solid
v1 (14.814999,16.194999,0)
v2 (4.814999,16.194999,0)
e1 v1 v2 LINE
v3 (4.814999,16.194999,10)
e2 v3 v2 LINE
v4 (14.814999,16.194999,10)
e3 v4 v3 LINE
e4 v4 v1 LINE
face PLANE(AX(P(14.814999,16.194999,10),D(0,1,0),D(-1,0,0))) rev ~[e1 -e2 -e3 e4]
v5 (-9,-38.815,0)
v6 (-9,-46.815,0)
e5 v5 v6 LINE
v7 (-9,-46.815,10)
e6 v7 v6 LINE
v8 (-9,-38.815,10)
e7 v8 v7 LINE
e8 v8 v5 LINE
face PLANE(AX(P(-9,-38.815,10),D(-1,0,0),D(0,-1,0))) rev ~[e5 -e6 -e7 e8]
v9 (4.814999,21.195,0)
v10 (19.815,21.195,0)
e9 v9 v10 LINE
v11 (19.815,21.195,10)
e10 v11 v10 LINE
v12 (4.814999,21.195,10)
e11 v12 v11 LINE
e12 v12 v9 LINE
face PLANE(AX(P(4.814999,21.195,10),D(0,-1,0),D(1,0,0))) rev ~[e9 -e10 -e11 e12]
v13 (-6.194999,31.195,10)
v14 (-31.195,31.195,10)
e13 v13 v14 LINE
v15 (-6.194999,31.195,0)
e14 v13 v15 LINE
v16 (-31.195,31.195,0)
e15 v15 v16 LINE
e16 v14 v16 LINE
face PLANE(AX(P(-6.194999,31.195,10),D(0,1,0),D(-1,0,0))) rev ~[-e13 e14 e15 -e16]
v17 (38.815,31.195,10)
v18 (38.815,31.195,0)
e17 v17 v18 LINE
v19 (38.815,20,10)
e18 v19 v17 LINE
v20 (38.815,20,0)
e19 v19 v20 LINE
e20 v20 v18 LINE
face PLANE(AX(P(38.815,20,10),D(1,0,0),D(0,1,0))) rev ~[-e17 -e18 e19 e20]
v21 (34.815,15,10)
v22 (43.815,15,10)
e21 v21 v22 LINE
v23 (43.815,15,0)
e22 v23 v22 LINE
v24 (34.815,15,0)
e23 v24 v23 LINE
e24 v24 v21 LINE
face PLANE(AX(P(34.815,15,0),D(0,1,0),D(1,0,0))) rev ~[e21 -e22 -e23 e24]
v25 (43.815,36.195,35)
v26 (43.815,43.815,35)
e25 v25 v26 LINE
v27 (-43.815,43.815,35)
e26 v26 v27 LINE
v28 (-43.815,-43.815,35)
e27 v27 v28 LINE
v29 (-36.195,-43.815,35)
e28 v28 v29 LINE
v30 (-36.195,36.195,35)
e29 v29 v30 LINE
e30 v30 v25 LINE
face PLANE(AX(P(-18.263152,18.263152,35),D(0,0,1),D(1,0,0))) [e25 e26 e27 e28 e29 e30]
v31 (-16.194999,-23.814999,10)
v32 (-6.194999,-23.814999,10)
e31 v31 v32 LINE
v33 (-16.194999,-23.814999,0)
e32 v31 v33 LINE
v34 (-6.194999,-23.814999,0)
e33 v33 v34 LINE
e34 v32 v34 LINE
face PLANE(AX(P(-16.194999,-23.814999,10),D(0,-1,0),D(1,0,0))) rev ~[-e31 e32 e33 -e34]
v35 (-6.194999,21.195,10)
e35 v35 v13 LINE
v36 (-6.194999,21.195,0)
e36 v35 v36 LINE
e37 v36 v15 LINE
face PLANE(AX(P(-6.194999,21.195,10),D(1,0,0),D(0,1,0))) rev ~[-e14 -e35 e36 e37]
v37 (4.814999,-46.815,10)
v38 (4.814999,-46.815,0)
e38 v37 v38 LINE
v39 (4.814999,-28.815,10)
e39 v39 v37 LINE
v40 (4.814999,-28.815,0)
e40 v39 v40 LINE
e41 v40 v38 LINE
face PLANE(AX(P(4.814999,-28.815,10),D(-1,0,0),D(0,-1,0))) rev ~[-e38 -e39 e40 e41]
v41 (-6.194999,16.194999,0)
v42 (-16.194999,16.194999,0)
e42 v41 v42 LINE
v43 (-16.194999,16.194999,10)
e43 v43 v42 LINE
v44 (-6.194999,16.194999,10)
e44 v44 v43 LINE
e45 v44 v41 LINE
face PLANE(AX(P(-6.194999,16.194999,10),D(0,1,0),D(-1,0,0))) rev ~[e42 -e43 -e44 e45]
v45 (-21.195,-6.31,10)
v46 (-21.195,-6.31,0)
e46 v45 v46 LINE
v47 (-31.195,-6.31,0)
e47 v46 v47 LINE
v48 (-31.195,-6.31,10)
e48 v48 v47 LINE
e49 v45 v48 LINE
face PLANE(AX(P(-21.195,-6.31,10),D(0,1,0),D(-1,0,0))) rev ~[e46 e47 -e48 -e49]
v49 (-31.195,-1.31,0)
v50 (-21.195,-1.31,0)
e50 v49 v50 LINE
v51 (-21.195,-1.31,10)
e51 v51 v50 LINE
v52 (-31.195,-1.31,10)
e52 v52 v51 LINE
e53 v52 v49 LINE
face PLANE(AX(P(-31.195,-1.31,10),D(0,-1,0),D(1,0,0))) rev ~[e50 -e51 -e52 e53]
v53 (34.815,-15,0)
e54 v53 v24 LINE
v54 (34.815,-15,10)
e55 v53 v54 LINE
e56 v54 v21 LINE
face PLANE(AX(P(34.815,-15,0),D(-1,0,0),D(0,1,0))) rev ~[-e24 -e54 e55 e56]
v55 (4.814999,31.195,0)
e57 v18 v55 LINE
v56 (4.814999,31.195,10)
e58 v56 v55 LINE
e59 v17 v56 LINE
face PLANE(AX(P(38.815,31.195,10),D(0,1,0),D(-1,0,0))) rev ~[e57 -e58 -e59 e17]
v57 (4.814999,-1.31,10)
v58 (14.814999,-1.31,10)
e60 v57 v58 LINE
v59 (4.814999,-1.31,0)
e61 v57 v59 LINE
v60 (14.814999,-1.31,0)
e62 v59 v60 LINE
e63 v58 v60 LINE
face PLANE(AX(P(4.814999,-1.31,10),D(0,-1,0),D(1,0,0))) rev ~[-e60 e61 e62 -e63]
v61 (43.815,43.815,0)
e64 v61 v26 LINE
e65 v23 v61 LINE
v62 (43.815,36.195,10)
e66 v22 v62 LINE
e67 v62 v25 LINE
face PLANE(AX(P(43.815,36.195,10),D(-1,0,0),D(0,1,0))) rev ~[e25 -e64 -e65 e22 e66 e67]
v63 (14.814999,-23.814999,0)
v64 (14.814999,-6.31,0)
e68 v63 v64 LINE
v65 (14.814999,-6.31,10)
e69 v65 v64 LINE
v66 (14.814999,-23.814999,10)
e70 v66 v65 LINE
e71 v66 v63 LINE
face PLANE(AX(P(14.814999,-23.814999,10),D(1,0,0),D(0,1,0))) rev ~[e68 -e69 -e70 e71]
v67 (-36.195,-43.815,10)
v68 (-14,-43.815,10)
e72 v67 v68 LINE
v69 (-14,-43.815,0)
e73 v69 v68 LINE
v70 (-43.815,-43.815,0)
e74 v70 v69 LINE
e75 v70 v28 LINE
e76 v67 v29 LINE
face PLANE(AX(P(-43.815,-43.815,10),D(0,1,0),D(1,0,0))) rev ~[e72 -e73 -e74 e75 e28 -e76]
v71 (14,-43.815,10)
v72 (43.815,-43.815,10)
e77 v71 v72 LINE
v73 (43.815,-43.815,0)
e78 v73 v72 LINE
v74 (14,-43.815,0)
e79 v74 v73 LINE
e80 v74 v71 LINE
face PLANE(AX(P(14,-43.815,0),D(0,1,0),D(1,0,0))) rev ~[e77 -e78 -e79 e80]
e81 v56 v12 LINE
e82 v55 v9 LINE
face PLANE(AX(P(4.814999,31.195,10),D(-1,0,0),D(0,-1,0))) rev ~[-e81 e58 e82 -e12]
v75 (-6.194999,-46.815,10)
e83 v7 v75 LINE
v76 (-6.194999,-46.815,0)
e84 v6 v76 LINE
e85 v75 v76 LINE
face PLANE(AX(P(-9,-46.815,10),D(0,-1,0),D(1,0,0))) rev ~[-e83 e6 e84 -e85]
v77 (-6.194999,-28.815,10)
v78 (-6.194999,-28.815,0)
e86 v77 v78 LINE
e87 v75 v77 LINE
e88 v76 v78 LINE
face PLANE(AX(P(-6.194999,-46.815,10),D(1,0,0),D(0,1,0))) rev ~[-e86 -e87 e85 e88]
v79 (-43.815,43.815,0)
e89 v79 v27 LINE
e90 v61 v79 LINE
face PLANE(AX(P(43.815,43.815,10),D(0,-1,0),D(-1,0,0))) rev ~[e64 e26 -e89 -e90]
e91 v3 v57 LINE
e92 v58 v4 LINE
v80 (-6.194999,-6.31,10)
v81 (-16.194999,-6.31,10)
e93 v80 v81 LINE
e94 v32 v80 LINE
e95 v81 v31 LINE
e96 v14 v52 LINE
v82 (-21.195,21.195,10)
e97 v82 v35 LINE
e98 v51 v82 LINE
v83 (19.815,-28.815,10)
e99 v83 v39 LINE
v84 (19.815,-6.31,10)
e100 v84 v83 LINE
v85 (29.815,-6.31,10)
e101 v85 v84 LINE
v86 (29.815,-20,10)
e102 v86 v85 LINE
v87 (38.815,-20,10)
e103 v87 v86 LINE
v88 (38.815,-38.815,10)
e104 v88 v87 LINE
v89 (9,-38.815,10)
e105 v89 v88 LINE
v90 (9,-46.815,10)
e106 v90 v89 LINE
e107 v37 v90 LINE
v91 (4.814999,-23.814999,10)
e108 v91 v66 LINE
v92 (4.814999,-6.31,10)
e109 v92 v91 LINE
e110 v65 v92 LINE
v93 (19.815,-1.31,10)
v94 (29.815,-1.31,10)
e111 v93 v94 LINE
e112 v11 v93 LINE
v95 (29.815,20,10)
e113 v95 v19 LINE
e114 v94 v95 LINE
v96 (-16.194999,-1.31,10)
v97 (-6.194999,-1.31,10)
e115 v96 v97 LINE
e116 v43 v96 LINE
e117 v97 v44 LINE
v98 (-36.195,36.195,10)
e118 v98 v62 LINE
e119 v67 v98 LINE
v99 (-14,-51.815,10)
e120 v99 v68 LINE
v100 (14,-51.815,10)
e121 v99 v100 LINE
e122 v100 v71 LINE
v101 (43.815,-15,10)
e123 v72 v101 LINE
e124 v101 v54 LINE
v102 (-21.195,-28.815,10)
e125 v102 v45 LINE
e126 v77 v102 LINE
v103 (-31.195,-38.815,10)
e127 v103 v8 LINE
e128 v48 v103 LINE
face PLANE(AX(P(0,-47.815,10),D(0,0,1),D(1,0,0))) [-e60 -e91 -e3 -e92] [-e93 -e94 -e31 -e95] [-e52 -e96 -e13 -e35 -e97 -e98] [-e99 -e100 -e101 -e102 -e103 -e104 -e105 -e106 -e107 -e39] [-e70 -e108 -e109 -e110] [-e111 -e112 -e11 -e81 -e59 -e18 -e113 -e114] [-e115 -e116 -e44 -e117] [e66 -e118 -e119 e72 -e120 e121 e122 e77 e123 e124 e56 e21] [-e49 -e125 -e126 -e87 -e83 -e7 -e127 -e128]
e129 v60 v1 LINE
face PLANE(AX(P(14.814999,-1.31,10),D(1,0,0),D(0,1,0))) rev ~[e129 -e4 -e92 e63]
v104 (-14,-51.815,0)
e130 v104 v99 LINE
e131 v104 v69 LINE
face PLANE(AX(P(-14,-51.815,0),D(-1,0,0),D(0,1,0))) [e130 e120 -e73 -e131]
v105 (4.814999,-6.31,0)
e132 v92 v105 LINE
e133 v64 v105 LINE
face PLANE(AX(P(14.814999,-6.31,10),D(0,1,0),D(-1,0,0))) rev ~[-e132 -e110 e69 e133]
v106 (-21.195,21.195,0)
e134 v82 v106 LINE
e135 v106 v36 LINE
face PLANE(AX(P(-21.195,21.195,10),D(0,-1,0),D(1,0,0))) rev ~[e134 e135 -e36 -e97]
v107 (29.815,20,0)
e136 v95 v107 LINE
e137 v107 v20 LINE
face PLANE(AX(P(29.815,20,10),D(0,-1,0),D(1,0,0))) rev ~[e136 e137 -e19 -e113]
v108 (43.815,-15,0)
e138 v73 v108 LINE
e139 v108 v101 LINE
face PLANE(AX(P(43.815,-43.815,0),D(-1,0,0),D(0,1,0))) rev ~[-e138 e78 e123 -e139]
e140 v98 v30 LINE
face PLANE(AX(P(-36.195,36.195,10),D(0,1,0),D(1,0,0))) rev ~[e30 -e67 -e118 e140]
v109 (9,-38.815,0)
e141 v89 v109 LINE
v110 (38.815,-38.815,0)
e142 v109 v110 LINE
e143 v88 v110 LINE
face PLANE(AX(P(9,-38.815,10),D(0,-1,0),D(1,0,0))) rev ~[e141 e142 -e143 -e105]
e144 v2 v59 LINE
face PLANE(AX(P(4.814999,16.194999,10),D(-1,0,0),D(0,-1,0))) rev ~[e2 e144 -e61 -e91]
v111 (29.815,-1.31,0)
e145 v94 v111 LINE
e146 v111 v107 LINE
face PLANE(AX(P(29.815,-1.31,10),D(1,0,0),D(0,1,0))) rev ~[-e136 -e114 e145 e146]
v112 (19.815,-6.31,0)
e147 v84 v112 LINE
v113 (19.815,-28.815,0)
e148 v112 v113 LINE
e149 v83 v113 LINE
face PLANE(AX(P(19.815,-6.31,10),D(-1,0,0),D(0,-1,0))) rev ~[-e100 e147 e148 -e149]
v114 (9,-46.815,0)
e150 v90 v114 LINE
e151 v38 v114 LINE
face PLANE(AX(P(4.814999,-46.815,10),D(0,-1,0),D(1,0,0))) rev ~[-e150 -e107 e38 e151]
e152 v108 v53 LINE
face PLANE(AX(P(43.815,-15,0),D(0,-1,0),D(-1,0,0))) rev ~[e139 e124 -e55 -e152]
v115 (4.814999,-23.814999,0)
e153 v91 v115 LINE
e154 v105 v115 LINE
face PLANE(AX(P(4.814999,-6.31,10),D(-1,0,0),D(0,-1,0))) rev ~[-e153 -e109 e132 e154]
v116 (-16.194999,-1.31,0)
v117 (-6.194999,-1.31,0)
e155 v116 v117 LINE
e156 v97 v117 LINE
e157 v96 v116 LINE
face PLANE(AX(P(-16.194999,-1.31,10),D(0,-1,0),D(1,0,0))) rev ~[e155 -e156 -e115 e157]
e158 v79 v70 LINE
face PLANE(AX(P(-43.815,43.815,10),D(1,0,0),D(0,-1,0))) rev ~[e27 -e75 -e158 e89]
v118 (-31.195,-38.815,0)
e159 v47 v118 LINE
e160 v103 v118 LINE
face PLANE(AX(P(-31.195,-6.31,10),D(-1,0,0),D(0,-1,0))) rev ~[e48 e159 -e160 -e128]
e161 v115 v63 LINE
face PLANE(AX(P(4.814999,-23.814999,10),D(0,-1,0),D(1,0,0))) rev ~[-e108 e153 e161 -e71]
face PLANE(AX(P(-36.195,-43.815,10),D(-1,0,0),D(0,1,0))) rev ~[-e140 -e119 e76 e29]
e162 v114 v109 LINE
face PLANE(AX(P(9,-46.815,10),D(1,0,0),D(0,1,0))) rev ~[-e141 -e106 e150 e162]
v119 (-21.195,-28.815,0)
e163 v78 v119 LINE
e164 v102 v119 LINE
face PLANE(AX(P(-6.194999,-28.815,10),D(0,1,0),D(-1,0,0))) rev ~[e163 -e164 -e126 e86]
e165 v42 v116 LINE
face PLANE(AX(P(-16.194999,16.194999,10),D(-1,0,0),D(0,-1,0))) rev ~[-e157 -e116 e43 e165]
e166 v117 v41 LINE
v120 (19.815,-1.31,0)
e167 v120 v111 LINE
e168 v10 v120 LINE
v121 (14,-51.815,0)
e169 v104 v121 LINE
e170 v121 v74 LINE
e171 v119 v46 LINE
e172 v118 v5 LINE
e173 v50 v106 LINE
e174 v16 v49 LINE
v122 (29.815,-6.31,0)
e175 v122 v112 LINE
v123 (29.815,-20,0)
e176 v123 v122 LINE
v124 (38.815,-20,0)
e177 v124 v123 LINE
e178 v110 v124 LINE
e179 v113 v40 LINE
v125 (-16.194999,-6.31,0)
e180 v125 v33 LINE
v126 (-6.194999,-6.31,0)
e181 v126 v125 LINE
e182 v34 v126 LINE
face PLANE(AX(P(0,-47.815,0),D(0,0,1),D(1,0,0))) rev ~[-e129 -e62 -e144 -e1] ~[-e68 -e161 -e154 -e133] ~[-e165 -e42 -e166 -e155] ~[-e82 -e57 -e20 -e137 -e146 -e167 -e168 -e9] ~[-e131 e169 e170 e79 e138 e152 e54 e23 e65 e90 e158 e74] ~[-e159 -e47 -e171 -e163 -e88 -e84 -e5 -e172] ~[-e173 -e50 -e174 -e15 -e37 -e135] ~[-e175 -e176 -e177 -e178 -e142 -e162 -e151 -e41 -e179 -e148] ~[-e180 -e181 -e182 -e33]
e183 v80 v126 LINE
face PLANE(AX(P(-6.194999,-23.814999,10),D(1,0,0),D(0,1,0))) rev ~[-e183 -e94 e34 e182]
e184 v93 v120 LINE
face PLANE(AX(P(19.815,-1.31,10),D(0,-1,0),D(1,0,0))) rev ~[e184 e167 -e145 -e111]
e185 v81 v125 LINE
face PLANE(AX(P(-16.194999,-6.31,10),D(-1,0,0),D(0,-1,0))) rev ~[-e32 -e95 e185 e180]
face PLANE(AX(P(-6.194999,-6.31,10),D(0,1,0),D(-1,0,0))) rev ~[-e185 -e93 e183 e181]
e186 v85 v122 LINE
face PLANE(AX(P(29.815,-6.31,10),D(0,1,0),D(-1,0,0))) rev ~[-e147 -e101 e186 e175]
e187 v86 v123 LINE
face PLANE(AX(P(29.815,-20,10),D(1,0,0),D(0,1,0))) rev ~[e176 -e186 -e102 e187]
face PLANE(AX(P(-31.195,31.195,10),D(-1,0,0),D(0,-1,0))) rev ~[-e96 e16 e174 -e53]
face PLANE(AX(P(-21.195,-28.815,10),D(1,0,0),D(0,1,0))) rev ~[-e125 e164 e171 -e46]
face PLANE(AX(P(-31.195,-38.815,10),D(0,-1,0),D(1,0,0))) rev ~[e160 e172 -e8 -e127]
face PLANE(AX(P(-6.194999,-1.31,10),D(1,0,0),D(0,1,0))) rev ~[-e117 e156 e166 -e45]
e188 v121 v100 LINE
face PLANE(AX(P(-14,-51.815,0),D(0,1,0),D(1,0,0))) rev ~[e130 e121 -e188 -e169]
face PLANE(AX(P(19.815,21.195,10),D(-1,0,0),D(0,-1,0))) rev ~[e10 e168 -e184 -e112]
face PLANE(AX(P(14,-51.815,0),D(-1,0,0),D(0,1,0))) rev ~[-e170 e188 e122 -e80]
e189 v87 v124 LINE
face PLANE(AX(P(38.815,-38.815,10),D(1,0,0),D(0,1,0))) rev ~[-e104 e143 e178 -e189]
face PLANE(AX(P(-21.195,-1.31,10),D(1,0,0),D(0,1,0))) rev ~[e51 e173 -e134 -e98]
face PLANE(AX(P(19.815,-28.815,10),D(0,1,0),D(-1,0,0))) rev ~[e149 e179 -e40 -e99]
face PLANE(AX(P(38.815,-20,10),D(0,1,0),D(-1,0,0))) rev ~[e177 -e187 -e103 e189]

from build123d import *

# Parameters (mm, degrees)
F0_W     = 28
F0_H     = 8
F1_DEPTH = 10
F3_DEPTH = 25
F5_DEPTH = 10.001


with BuildPart() as f1:
    # F0 (on Top) → F1 (new body)
    with BuildSketch(Plane.XY):
        with Locations((0, -47.815)):
            Rectangle(F0_W, F0_H)
        Polygon((43.815, 15), (43.815, 43.815), (-43.815, 43.815), (-43.815, -43.815), (-14, -43.815), (-14, -35.815), (14, -35.815), (14, -43.815), (43.815, -43.815), (43.815, -15), (34.815, -15), (34.815, 15), align=None)
        with Locations((0, -39.815)):
            Rectangle(F0_W, F0_H)
    extrude(amount=F1_DEPTH)

    # F2 (on face) → F3 (join)
    with BuildSketch(Plane.XY.offset(10)):
        Polygon((43.815, 36.195), (43.815, 43.815), (-43.815, 43.815), (-43.815, -43.815), (-36.195, -43.815), (-36.195, 36.195), align=None)
    extrude(amount=F3_DEPTH)

    # F4 (on face) → F5 (cut, through all)
    with BuildSketch(Plane.XY.offset(10)):
        Polygon((-6.194999, 21.195), (-6.194999, 31.195), (-31.195, 31.195), (-31.195, -1.31), (-21.195, -1.31), (-21.195, 21.195), align=None)
        Polygon((38.815, 20), (38.815, 31.195), (4.814999, 31.195), (4.814999, 21.195), (19.815, 21.195), (19.815, -1.31), (29.815, -1.31), (29.815, 20), align=None)
        Polygon((14.814999, 16.194999), (4.814999, 16.194999), (4.814999, 6.194999), (4.814999, -1.31), (14.814999, -1.31), align=None)
        Polygon((-6.194999, 6.194999), (-6.194999, 16.194999), (-16.194999, 16.194999), (-16.194999, -1.31), (-6.194999, -1.31), align=None)
        Polygon((-6.194999, -6.31), (-16.194999, -6.31), (-16.194999, -23.814999), (-6.194999, -23.814999), (-6.194999, -13.814999), align=None)
        Polygon((-21.195, -6.31), (-31.195, -6.31), (-31.195, -38.815), (-9, -38.815), (-9, -46.815), (-6.194999, -46.815), (-6.194999, -28.815), (-21.195, -28.815), align=None)
        Polygon((29.815, -20), (29.815, -6.31), (19.815, -6.31), (19.815, -28.815), (4.814999, -28.815), (4.814999, -46.815), (9, -46.815), (9, -38.815), (38.815, -38.815), (38.815, -20), align=None)
        Polygon((14.814999, -23.814999), (14.814999, -6.31), (4.814999, -6.31), (4.814999, -13.814999), (4.814999, -23.814999), align=None)
    extrude(amount=-F5_DEPTH, mode=Mode.SUBTRACT)


solid = f1.part
